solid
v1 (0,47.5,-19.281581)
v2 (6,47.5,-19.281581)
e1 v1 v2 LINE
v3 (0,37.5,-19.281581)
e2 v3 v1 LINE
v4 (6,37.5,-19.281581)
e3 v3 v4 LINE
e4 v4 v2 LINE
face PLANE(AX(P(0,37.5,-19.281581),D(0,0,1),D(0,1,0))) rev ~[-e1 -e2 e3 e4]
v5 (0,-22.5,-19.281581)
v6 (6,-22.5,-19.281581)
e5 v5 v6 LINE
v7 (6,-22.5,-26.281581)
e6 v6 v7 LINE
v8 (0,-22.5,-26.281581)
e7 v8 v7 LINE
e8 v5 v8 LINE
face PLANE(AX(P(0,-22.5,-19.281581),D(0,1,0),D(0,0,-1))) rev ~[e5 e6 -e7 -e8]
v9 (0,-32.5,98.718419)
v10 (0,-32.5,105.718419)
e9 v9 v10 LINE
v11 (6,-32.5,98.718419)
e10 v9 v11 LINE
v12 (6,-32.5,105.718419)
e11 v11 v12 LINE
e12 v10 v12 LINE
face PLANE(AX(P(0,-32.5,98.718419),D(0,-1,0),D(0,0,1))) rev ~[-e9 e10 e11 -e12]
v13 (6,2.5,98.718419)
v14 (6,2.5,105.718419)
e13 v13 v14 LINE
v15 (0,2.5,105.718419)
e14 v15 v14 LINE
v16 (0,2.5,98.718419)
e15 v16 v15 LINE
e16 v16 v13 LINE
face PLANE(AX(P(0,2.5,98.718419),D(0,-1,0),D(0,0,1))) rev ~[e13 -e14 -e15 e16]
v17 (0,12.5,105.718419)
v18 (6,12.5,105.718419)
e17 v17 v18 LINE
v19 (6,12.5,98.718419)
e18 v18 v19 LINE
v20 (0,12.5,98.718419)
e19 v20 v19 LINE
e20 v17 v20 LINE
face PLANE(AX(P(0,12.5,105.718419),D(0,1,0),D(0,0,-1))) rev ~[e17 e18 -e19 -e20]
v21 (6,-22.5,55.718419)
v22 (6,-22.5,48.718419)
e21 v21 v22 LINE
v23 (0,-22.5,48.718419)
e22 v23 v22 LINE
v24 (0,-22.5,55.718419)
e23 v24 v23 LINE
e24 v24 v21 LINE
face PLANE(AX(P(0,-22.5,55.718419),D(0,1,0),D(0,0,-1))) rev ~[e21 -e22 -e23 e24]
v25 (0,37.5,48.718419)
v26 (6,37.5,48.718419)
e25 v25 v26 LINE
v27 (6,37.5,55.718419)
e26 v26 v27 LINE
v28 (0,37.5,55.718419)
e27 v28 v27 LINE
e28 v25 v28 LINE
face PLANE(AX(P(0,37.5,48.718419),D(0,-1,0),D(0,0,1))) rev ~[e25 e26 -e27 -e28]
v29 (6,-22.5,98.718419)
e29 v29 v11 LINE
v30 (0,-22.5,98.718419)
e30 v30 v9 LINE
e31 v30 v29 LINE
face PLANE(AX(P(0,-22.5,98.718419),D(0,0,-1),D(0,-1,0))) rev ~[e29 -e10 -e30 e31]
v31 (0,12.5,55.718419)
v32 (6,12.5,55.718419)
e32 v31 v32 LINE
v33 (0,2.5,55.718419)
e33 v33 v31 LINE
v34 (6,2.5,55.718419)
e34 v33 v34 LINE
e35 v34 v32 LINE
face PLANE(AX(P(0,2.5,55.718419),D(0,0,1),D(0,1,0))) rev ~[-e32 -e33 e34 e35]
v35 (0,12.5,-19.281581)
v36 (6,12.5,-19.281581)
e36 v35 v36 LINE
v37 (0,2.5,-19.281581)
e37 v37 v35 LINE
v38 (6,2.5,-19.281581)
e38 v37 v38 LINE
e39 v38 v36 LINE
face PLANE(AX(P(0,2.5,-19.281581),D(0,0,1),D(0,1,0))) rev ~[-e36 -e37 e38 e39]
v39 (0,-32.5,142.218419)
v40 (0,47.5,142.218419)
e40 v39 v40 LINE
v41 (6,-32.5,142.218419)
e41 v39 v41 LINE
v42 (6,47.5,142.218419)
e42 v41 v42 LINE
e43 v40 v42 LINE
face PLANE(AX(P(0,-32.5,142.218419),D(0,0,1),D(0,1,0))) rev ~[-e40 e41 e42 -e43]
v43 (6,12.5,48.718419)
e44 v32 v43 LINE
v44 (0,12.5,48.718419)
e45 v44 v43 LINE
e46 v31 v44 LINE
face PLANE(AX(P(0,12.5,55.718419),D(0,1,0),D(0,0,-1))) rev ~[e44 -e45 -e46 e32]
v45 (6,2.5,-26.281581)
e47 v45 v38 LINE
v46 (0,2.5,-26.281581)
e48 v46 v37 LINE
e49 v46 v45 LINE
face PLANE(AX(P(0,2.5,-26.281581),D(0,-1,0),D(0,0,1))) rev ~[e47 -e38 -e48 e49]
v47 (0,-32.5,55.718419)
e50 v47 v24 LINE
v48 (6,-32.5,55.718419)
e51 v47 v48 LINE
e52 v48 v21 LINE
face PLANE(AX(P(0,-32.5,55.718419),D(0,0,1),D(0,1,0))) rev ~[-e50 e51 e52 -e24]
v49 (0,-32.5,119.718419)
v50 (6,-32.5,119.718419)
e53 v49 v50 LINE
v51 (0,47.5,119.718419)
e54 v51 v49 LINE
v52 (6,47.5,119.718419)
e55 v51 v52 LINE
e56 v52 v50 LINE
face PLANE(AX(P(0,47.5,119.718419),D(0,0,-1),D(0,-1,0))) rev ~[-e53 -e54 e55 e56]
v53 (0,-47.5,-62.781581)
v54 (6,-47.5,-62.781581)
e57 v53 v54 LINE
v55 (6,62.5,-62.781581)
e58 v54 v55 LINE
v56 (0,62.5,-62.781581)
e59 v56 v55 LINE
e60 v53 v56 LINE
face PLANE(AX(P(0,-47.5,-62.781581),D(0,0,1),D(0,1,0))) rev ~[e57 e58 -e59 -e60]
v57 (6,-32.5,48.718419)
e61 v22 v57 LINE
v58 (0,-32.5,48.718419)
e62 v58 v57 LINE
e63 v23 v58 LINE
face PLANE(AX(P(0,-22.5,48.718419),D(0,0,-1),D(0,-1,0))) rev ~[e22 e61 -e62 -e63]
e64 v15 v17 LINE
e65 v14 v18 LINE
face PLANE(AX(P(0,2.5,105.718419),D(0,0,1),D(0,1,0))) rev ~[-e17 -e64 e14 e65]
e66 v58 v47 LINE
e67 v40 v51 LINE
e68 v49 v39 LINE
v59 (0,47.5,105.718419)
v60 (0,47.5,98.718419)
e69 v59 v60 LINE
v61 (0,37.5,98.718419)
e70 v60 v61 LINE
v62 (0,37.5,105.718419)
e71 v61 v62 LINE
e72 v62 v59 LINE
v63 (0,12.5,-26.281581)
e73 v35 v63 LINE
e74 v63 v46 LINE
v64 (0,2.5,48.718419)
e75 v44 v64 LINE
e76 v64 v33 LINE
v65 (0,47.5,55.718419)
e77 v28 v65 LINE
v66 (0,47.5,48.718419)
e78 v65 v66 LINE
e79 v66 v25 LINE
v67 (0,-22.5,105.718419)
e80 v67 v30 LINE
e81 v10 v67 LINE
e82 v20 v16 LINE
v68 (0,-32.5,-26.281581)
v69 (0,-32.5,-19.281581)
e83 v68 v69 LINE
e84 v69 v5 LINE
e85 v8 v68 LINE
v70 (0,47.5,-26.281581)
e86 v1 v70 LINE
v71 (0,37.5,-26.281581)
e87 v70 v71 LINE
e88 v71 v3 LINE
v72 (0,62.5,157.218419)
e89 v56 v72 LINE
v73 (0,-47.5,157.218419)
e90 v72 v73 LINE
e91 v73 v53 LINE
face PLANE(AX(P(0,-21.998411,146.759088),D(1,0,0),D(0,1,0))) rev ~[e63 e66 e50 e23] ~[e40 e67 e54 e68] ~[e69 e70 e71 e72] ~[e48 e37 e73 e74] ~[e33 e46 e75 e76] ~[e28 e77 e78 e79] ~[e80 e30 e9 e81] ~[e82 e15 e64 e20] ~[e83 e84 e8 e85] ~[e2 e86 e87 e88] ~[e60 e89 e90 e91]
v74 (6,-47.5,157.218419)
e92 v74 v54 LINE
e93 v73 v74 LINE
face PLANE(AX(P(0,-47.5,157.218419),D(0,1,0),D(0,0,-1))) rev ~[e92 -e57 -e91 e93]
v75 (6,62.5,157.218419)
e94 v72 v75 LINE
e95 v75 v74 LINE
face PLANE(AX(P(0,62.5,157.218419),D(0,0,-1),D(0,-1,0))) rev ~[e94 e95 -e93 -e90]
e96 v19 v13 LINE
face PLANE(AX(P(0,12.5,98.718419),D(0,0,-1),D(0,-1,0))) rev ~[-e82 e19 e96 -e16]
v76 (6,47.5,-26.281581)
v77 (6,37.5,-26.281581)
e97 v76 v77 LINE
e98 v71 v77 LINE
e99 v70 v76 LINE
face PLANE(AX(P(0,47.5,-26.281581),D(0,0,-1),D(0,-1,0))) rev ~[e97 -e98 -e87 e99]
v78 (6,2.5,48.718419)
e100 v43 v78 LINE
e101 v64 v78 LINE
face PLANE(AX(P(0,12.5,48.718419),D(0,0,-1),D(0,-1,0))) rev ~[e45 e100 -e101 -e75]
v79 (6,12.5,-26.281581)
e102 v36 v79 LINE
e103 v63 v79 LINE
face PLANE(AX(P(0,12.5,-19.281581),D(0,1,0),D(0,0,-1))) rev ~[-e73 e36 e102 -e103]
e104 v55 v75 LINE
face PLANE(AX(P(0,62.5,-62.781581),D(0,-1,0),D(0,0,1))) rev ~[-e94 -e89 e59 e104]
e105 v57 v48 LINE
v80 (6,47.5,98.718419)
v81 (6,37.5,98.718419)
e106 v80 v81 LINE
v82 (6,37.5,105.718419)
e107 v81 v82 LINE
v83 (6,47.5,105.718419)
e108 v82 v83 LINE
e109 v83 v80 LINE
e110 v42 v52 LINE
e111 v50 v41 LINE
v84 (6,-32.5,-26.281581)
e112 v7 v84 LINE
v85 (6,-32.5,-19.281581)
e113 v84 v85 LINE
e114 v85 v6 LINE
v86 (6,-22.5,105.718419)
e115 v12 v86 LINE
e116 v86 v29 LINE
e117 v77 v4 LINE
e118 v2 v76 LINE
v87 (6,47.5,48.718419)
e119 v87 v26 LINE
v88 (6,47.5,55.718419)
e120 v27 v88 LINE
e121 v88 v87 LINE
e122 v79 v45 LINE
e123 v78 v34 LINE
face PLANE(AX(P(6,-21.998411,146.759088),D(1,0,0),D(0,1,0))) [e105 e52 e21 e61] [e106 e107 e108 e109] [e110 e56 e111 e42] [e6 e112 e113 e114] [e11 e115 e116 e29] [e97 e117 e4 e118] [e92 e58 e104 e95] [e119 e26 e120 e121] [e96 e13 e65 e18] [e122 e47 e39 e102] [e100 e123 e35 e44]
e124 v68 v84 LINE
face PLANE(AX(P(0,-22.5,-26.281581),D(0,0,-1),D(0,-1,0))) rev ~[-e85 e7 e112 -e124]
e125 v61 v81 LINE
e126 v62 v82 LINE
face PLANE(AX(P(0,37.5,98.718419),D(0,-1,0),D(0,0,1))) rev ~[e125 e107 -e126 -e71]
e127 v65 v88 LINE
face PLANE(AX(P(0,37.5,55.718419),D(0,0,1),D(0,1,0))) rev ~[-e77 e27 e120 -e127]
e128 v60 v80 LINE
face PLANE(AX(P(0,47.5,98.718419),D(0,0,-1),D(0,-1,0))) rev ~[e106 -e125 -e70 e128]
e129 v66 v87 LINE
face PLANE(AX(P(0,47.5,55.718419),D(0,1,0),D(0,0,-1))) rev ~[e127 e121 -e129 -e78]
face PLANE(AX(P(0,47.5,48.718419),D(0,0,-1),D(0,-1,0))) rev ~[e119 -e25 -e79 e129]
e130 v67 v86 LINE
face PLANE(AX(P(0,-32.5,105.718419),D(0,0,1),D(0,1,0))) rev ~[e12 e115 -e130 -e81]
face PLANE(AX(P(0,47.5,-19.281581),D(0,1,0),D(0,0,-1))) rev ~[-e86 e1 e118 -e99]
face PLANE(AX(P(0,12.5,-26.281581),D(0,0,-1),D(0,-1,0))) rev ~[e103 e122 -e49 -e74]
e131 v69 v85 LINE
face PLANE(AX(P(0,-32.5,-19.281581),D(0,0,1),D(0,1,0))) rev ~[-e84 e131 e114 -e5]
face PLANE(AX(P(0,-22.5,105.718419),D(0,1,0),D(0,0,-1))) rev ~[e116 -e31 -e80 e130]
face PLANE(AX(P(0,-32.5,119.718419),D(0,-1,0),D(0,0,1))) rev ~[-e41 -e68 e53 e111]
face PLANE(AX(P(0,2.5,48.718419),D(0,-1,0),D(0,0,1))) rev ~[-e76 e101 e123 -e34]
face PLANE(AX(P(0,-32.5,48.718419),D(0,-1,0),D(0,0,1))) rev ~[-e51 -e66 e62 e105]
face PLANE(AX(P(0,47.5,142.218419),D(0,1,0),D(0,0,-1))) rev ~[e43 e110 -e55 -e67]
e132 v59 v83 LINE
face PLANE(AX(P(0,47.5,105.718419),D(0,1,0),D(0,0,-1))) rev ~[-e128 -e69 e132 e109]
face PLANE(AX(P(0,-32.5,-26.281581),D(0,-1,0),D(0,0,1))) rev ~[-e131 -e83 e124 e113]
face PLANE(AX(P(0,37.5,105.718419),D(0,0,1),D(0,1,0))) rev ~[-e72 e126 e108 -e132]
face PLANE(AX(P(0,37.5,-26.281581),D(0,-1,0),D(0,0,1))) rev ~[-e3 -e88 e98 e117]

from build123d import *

# Parameters (mm, degrees)
F1_DEPTH = 6


with BuildPart() as f1:
    # F0 (on Right) → F1 (new body)
    with BuildSketch(Plane.YZ):
        Polygon((9.433792, 157.218419), (-47.5, 157.218419), (-47.5, 130.369142), (-32.5, 130.369142), (-32.5, 142.218419), (9.433792, 142.218419), align=None)
        Polygon((62.5, 157.218419), (9.433792, 157.218419), (9.433792, 142.218419), (47.5, 142.218419), (47.5, 129.836887), (62.5, 129.836887), align=None)
        Polygon((-32.5, 130.369142), (-47.5, 130.369142), (-47.5, -62.781581), (62.5, -62.781581), (62.5, 129.836887), (47.5, 129.836887), (47.5, 119.718419), (-32.5, 119.718419), align=None)
        Polygon((-22.5, -19.281581), (-22.5, -22.781581), (-22.5, -26.281581), (-32.5, -26.281581), (-32.5, -19.281581), align=None, mode=Mode.SUBTRACT)
        Polygon((12.5, -19.281581), (12.5, -22.781581), (12.5, -26.281581), (2.5, -26.281581), (2.5, -22.781581), (2.5, -19.281581), align=None, mode=Mode.SUBTRACT)
        Polygon((37.5, -22.781581), (37.5, -19.281581), (47.5, -19.281581), (47.5, -26.281581), (37.5, -26.281581), align=None, mode=Mode.SUBTRACT)
        Polygon((-22.5, 55.718419), (-22.5, 52.218419), (-22.5, 48.718419), (-32.5, 48.718419), (-32.5, 55.718419), align=None, mode=Mode.SUBTRACT)
        Polygon((-22.5, 102.218419), (-22.5, 98.718419), (-32.5, 98.718419), (-32.5, 105.718419), (-22.5, 105.718419), align=None, mode=Mode.SUBTRACT)
        Polygon((12.5, 55.718419), (12.5, 52.218419), (12.5, 48.718419), (2.5, 48.718419), (2.5, 52.218419), (2.5, 55.718419), align=None, mode=Mode.SUBTRACT)
        Polygon((37.5, 52.218419), (37.5, 55.718419), (47.5, 55.718419), (47.5, 48.718419), (37.5, 48.718419), align=None, mode=Mode.SUBTRACT)
        Polygon((2.5, 98.718419), (2.5, 102.218419), (2.5, 105.718419), (12.5, 105.718419), (12.5, 102.218419), (12.5, 98.718419), align=None, mode=Mode.SUBTRACT)
        Polygon((37.5, 98.718419), (37.5, 102.218419), (37.5, 105.718419), (47.5, 105.718419), (47.5, 98.718419), align=None, mode=Mode.SUBTRACT)
    extrude(amount=F1_DEPTH)


solid = f1.part
